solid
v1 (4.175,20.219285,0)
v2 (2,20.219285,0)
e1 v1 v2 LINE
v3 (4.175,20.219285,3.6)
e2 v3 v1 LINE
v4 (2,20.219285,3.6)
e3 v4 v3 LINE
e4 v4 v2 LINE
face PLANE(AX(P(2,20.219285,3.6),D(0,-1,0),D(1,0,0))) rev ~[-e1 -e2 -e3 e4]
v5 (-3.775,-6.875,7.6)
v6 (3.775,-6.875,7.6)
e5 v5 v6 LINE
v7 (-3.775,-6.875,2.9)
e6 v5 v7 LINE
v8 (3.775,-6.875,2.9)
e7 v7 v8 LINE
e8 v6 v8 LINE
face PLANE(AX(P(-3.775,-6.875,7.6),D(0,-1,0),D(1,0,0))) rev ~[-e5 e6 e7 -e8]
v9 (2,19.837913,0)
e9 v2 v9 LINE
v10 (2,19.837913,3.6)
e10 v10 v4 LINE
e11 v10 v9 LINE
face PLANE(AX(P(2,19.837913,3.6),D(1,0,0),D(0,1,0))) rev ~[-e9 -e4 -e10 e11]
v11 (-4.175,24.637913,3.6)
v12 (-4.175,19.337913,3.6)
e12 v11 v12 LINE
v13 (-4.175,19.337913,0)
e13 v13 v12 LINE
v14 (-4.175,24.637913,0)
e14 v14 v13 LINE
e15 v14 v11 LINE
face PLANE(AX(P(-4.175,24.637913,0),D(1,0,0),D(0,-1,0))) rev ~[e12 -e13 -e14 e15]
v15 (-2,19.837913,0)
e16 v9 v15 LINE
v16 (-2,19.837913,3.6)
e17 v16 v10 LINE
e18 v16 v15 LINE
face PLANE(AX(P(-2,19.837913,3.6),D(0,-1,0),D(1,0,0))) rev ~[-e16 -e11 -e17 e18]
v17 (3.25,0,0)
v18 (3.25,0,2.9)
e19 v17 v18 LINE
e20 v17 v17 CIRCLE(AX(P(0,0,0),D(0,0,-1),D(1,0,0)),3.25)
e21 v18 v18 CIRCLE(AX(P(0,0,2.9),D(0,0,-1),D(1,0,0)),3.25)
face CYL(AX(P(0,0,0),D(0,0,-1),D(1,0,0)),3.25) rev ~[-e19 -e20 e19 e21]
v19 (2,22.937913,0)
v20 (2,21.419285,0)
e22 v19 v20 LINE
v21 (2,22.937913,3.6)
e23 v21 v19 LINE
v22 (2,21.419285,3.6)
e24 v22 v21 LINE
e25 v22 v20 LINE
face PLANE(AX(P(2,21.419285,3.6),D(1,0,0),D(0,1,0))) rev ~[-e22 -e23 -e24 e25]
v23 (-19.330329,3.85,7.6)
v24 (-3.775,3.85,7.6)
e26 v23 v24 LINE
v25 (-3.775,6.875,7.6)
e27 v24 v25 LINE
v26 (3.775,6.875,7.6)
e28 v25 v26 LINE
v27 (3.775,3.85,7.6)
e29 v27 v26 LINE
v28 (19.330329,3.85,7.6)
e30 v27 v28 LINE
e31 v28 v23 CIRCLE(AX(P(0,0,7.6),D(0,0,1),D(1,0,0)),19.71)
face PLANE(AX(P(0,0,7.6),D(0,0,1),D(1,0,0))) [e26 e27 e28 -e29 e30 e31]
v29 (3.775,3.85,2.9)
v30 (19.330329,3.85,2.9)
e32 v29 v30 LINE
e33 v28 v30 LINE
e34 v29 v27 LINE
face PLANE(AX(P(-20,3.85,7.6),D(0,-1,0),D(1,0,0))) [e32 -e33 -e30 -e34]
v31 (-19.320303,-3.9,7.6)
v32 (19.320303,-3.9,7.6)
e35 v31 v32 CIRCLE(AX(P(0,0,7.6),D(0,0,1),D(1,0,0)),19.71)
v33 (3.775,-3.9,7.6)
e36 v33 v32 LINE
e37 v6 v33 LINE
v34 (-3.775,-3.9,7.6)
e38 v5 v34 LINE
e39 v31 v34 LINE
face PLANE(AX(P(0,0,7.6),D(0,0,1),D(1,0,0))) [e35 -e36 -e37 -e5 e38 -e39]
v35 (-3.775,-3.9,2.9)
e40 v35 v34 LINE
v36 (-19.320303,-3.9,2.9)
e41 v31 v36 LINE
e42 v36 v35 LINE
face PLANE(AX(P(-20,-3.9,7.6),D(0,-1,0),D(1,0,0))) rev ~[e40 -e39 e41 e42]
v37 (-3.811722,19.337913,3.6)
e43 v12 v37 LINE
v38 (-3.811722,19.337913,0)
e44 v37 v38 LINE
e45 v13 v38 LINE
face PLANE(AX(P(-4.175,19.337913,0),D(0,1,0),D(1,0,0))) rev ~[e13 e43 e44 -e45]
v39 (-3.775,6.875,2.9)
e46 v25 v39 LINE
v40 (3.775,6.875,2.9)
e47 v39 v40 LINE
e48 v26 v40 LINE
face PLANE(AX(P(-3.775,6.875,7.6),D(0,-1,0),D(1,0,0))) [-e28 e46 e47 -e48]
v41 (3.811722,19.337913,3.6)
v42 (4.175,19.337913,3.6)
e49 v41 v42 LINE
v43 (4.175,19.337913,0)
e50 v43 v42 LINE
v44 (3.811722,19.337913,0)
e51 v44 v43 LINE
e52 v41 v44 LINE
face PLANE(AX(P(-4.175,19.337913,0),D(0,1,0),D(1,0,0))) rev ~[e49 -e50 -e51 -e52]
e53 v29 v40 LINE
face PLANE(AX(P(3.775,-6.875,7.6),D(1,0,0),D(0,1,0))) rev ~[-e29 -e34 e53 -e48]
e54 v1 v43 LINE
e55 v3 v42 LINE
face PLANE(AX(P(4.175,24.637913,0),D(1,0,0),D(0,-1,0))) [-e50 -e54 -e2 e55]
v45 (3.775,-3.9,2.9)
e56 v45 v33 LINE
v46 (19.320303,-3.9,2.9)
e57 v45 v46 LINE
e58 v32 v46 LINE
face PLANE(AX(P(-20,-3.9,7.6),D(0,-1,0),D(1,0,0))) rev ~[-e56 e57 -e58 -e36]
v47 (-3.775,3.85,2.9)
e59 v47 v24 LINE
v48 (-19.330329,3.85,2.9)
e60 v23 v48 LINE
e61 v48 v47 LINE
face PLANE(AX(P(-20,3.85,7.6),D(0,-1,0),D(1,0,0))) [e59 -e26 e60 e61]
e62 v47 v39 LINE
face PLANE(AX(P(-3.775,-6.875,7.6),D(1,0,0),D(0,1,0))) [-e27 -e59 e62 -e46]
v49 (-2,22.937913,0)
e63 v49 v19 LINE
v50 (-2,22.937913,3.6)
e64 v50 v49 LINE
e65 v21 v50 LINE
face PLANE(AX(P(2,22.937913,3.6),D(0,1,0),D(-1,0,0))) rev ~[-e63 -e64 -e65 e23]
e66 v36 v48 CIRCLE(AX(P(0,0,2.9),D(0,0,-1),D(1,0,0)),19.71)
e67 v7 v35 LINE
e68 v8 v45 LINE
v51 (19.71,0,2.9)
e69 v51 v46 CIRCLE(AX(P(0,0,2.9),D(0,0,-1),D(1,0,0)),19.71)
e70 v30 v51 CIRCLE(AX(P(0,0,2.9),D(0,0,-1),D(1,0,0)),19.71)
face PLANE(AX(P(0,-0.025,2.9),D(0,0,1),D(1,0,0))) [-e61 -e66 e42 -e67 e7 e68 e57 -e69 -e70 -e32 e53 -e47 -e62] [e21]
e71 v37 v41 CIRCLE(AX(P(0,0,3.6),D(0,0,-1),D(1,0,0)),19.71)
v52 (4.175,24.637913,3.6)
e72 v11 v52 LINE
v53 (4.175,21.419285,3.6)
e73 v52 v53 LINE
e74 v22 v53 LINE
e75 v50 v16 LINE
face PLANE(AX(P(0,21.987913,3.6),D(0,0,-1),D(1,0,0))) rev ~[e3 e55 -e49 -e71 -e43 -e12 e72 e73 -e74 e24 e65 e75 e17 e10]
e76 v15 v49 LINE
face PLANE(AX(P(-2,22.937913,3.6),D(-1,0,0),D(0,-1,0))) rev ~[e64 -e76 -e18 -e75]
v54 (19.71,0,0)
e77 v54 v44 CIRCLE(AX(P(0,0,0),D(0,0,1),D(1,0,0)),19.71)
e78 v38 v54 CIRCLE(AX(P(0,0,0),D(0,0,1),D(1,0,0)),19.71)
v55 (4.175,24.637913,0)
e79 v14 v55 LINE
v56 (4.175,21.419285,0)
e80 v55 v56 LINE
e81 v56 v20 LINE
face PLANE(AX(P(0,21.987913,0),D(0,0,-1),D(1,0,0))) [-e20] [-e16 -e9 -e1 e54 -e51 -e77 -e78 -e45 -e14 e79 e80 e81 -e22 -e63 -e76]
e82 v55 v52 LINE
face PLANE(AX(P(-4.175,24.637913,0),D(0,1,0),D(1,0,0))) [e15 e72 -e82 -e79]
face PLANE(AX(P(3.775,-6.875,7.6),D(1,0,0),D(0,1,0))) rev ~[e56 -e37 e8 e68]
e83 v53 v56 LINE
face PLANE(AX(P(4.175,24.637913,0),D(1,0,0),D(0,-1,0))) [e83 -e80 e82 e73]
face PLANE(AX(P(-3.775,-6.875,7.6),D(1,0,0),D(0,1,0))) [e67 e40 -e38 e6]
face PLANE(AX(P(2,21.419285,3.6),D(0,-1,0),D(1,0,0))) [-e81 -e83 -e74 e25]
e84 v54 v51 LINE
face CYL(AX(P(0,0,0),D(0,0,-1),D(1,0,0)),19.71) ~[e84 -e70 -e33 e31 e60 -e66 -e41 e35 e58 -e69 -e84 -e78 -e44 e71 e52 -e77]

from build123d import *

# Parameters (mm, degrees)
F0_R      = 19.71
F1_DEPTH  = 7.6
F2_W      = 40
F2_H      = 7.75
F3_DEPTH  = 4.7
F4_W      = 7.55
F4_H      = 13.75
F5_DEPTH  = 4.7
F6_W      = 8.35
F6_H      = 5.3
F7_DEPTH  = 3.6
F8_W      = 2.175
F8_H      = 1.2
F9_DEPTH  = 3.601
F10_R     = 3.25
F11_DEPTH = 3


with BuildPart() as f1:
    # F0 (on Top) → F1 (new body)
    with BuildSketch(Plane.XY):
        Circle(F0_R)
    extrude(amount=F1_DEPTH)

    # F2 (on face) → F3 (cut)
    with BuildSketch(Plane.XY.offset(7.6)):
        with Locations((0, -0.025)):
            Rectangle(F2_W, F2_H)
    extrude(amount=-F3_DEPTH, mode=Mode.SUBTRACT)

    # F4 (on face) → F5 (cut)
    with BuildSketch(Plane.XY.offset(7.6)):
        Rectangle(F4_W, F4_H)
    extrude(amount=-F5_DEPTH, mode=Mode.SUBTRACT)

    # F6 (on face) → F7 (join)
    with BuildSketch(Plane(origin=(0, 0, 0), x_dir=(1, 0, 0), z_dir=(0, 0, -1))):
        with Locations((0, -21.987913)):
            Rectangle(F6_W, F6_H)
    extrude(amount=-F7_DEPTH)

    # F8 (on face) → F9 (cut, through all)
    with BuildSketch(Plane.XY.offset(3.6)):
        Polygon((2, 22.937913), (-2, 22.937913), (-2, 19.837913), (2, 19.837913), (2, 20.219285), (2, 21.419285), align=None)
        with Locations((3.0875, 20.819285)):
            Rectangle(F8_W, F8_H)
    extrude(amount=-F9_DEPTH, mode=Mode.SUBTRACT)

    # F10 (on face) → F11 (cut)
    with BuildSketch(Plane(origin=(0, 0, 0), x_dir=(1, 0, 0), z_dir=(0, 0, -1))):
        Circle(F10_R)
    extrude(amount=-F11_DEPTH, mode=Mode.SUBTRACT)


solid = f1.part
